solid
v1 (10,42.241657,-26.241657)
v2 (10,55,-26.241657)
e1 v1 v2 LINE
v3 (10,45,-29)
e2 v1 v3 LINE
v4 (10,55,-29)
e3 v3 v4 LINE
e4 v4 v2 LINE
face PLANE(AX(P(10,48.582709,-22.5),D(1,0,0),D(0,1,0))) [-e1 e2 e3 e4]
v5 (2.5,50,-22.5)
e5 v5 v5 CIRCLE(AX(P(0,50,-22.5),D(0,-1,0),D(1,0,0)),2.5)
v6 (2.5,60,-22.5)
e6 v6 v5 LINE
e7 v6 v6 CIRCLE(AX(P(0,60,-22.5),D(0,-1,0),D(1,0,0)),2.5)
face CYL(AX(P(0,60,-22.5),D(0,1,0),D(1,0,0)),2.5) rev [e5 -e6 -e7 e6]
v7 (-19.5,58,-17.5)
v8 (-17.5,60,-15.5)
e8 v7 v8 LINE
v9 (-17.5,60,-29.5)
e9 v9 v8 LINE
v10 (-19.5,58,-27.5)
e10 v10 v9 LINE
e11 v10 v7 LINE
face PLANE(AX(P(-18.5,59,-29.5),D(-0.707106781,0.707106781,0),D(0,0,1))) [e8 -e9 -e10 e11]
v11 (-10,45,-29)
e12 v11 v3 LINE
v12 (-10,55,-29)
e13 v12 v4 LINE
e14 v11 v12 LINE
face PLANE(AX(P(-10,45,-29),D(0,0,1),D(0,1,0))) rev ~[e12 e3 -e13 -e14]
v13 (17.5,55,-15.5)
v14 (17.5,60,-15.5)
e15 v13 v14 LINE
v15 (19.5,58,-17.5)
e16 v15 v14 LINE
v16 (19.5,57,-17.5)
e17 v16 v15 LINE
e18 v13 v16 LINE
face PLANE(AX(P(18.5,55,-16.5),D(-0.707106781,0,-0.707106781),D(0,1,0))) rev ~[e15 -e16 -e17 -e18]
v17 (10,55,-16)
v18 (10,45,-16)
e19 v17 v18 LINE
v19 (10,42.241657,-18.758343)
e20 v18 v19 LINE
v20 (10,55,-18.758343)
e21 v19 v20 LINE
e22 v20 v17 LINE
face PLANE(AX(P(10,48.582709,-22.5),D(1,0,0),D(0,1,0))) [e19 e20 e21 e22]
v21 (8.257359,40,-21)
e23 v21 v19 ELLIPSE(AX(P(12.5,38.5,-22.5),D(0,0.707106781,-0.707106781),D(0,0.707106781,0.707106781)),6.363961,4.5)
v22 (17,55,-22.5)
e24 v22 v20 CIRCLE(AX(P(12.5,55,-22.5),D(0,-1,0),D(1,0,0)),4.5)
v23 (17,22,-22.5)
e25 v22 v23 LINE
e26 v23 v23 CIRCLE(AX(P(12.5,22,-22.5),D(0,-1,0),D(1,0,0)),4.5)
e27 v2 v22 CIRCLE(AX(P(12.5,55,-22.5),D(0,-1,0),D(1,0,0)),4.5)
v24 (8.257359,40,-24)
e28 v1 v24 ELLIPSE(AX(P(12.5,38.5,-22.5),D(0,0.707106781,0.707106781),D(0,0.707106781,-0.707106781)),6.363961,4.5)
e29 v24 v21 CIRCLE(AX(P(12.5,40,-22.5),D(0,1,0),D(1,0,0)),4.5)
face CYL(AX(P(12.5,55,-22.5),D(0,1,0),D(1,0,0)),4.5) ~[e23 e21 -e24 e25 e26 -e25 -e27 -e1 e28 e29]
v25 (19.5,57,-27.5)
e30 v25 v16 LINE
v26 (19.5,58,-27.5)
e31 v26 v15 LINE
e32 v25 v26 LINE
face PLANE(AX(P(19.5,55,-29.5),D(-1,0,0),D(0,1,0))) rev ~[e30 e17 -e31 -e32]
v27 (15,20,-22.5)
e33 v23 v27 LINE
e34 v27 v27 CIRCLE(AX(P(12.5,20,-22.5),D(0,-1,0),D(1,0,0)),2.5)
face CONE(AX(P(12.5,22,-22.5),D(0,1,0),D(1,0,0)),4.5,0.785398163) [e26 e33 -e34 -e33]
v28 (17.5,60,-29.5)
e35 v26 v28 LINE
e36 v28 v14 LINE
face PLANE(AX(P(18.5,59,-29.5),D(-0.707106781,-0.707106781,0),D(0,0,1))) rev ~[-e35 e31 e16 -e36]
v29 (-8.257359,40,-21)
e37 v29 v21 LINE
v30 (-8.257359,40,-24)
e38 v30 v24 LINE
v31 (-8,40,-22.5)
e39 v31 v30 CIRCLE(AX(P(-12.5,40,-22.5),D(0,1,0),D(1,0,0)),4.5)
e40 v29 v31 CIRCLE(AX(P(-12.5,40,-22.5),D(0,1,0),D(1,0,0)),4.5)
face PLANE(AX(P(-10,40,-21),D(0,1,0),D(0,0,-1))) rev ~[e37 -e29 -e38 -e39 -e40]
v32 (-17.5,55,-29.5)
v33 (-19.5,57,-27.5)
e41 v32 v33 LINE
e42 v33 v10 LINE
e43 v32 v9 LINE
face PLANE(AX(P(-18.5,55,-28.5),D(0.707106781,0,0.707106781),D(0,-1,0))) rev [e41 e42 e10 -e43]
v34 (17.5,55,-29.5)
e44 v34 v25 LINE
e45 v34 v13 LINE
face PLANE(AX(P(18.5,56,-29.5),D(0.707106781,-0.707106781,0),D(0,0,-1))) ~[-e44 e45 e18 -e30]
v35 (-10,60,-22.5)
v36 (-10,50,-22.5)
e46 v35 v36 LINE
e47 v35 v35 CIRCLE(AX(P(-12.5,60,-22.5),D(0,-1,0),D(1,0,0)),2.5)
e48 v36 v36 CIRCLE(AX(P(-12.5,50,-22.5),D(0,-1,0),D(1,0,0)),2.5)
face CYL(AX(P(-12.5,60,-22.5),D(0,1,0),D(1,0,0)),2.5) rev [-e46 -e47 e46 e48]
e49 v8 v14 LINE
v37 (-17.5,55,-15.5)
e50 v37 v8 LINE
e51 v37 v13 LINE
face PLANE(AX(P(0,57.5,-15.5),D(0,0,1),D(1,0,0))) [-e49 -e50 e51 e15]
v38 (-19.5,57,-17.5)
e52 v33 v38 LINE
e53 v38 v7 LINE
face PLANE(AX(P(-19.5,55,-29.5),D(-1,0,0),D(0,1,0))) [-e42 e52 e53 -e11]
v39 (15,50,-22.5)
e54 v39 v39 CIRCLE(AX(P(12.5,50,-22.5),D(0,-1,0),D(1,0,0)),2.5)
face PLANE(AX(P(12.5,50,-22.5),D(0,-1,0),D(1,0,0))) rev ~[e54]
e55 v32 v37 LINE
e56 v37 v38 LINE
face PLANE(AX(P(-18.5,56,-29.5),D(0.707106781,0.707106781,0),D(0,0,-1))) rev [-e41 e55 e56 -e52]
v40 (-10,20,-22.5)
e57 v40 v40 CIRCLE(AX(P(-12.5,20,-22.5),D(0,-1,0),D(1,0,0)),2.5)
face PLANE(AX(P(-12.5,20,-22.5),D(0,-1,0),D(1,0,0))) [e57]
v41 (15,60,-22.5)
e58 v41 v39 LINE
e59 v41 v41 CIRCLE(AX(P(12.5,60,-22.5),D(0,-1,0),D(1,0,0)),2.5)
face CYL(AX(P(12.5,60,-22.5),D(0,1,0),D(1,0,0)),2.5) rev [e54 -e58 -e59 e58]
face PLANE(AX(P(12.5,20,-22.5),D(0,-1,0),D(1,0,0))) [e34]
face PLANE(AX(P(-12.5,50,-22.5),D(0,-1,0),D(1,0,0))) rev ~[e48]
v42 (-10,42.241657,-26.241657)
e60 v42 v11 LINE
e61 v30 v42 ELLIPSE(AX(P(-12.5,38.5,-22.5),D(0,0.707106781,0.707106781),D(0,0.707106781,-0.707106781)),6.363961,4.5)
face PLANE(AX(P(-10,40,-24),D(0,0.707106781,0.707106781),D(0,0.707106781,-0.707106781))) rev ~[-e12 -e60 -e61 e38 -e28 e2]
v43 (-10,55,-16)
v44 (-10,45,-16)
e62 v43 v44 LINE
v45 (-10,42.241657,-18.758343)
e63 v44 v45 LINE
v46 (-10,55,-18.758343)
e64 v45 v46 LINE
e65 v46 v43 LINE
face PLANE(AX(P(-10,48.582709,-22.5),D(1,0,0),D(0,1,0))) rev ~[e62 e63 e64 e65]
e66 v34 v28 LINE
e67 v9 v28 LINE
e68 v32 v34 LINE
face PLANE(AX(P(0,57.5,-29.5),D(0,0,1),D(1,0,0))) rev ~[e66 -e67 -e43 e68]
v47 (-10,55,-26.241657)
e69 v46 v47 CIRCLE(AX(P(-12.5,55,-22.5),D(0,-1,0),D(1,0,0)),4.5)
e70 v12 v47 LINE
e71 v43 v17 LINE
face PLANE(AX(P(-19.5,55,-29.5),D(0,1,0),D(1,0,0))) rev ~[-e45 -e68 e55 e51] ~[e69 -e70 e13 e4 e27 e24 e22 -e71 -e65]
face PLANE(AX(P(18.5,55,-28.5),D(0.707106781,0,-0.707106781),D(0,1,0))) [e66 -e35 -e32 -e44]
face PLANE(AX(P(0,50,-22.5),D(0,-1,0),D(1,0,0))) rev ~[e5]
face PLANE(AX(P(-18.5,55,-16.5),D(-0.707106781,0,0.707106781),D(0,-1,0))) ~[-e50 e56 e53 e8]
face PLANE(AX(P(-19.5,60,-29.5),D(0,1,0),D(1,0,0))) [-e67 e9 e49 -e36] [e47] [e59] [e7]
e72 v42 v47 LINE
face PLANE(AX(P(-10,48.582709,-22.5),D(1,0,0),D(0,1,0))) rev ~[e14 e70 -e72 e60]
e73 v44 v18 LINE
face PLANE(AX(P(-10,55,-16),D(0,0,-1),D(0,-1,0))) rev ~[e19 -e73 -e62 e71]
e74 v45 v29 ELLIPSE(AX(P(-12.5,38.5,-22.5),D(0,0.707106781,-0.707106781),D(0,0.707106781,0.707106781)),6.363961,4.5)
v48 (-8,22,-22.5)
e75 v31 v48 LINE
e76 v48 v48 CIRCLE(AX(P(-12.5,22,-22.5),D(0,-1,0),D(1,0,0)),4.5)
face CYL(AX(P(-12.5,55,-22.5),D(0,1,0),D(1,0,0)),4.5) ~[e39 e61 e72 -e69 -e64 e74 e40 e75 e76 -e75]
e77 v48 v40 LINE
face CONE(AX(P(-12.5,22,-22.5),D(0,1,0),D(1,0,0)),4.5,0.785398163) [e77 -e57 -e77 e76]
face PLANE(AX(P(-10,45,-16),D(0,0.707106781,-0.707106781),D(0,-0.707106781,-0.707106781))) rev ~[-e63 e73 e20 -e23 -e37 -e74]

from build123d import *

# Parameters (mm, degrees)
SKETCH012_W  = 39
SKETCH012_H  = 5
PAD012_DEPTH = 14
PAD013_DEPTH = 20
SKETCH014_R  = 4.5
PAD014_DEPTH = 35
CHAMFER_SIZE = 2
SKETCH015_R  = 2.5
POCKET_DEPTH = 10


with BuildPart() as part:
    # Sketch012 → Pad012 (new body)
    with BuildSketch(Plane.XY.offset(0.5)):
        with Locations((0, 52.5)):
            Rectangle(SKETCH012_W, SKETCH012_H)
    extrude(amount=PAD012_DEPTH)

    # Sketch013 → Pad013 (join)
    with BuildSketch(Plane.YZ.offset(-10)):
        Polygon((40, 14), (35, 9), (35, 6), (40, 1), (50, 1), (50, 14), align=None)
    extrude(amount=PAD013_DEPTH)

    # Sketch014 → Pad014 (join)
    with BuildSketch(Plane.XZ.offset(-50)):
        with Locations((-12.5, 7.5)):
            Circle(SKETCH014_R)
        with Locations((12.5, 7.5)):
            Circle(SKETCH014_R)
    extrude(amount=PAD014_DEPTH)

    # Chamfer
    chamfer_edges = [part.edges().sort_by_distance(p)[0] for p in [
        (8, 15, 7.5),
        (-17, 15, 7.5),
        (19.5, 50, 7.5),
        (19.5, 55, 7.5),
        (19.5, 52.5, 0.5),
        (19.5, 52.5, 14.5),
        (-19.5, 55, 7.5),
        (-19.5, 50, 7.5),
        (-19.5, 52.5, 0.5),
        (-19.5, 52.5, 14.5),
    ]]
    chamfer(chamfer_edges, length=CHAMFER_SIZE)

    # Sketch015 → Pocket (cut)
    with BuildSketch(Plane.XZ.offset(-55)):
        with Locations((-12.5, 7.5)):
            Circle(SKETCH015_R)
        with Locations((0, 7.5)):
            Circle(SKETCH015_R)
        with Locations((12.5, 7.5)):
            Circle(SKETCH015_R)
    extrude(amount=POCKET_DEPTH, mode=Mode.SUBTRACT)


with BuildPart() as part_1:
    # Body004 placement: moved
    add(part.part.moved(Location((0, 5, -30))))


solid = part_1.part
